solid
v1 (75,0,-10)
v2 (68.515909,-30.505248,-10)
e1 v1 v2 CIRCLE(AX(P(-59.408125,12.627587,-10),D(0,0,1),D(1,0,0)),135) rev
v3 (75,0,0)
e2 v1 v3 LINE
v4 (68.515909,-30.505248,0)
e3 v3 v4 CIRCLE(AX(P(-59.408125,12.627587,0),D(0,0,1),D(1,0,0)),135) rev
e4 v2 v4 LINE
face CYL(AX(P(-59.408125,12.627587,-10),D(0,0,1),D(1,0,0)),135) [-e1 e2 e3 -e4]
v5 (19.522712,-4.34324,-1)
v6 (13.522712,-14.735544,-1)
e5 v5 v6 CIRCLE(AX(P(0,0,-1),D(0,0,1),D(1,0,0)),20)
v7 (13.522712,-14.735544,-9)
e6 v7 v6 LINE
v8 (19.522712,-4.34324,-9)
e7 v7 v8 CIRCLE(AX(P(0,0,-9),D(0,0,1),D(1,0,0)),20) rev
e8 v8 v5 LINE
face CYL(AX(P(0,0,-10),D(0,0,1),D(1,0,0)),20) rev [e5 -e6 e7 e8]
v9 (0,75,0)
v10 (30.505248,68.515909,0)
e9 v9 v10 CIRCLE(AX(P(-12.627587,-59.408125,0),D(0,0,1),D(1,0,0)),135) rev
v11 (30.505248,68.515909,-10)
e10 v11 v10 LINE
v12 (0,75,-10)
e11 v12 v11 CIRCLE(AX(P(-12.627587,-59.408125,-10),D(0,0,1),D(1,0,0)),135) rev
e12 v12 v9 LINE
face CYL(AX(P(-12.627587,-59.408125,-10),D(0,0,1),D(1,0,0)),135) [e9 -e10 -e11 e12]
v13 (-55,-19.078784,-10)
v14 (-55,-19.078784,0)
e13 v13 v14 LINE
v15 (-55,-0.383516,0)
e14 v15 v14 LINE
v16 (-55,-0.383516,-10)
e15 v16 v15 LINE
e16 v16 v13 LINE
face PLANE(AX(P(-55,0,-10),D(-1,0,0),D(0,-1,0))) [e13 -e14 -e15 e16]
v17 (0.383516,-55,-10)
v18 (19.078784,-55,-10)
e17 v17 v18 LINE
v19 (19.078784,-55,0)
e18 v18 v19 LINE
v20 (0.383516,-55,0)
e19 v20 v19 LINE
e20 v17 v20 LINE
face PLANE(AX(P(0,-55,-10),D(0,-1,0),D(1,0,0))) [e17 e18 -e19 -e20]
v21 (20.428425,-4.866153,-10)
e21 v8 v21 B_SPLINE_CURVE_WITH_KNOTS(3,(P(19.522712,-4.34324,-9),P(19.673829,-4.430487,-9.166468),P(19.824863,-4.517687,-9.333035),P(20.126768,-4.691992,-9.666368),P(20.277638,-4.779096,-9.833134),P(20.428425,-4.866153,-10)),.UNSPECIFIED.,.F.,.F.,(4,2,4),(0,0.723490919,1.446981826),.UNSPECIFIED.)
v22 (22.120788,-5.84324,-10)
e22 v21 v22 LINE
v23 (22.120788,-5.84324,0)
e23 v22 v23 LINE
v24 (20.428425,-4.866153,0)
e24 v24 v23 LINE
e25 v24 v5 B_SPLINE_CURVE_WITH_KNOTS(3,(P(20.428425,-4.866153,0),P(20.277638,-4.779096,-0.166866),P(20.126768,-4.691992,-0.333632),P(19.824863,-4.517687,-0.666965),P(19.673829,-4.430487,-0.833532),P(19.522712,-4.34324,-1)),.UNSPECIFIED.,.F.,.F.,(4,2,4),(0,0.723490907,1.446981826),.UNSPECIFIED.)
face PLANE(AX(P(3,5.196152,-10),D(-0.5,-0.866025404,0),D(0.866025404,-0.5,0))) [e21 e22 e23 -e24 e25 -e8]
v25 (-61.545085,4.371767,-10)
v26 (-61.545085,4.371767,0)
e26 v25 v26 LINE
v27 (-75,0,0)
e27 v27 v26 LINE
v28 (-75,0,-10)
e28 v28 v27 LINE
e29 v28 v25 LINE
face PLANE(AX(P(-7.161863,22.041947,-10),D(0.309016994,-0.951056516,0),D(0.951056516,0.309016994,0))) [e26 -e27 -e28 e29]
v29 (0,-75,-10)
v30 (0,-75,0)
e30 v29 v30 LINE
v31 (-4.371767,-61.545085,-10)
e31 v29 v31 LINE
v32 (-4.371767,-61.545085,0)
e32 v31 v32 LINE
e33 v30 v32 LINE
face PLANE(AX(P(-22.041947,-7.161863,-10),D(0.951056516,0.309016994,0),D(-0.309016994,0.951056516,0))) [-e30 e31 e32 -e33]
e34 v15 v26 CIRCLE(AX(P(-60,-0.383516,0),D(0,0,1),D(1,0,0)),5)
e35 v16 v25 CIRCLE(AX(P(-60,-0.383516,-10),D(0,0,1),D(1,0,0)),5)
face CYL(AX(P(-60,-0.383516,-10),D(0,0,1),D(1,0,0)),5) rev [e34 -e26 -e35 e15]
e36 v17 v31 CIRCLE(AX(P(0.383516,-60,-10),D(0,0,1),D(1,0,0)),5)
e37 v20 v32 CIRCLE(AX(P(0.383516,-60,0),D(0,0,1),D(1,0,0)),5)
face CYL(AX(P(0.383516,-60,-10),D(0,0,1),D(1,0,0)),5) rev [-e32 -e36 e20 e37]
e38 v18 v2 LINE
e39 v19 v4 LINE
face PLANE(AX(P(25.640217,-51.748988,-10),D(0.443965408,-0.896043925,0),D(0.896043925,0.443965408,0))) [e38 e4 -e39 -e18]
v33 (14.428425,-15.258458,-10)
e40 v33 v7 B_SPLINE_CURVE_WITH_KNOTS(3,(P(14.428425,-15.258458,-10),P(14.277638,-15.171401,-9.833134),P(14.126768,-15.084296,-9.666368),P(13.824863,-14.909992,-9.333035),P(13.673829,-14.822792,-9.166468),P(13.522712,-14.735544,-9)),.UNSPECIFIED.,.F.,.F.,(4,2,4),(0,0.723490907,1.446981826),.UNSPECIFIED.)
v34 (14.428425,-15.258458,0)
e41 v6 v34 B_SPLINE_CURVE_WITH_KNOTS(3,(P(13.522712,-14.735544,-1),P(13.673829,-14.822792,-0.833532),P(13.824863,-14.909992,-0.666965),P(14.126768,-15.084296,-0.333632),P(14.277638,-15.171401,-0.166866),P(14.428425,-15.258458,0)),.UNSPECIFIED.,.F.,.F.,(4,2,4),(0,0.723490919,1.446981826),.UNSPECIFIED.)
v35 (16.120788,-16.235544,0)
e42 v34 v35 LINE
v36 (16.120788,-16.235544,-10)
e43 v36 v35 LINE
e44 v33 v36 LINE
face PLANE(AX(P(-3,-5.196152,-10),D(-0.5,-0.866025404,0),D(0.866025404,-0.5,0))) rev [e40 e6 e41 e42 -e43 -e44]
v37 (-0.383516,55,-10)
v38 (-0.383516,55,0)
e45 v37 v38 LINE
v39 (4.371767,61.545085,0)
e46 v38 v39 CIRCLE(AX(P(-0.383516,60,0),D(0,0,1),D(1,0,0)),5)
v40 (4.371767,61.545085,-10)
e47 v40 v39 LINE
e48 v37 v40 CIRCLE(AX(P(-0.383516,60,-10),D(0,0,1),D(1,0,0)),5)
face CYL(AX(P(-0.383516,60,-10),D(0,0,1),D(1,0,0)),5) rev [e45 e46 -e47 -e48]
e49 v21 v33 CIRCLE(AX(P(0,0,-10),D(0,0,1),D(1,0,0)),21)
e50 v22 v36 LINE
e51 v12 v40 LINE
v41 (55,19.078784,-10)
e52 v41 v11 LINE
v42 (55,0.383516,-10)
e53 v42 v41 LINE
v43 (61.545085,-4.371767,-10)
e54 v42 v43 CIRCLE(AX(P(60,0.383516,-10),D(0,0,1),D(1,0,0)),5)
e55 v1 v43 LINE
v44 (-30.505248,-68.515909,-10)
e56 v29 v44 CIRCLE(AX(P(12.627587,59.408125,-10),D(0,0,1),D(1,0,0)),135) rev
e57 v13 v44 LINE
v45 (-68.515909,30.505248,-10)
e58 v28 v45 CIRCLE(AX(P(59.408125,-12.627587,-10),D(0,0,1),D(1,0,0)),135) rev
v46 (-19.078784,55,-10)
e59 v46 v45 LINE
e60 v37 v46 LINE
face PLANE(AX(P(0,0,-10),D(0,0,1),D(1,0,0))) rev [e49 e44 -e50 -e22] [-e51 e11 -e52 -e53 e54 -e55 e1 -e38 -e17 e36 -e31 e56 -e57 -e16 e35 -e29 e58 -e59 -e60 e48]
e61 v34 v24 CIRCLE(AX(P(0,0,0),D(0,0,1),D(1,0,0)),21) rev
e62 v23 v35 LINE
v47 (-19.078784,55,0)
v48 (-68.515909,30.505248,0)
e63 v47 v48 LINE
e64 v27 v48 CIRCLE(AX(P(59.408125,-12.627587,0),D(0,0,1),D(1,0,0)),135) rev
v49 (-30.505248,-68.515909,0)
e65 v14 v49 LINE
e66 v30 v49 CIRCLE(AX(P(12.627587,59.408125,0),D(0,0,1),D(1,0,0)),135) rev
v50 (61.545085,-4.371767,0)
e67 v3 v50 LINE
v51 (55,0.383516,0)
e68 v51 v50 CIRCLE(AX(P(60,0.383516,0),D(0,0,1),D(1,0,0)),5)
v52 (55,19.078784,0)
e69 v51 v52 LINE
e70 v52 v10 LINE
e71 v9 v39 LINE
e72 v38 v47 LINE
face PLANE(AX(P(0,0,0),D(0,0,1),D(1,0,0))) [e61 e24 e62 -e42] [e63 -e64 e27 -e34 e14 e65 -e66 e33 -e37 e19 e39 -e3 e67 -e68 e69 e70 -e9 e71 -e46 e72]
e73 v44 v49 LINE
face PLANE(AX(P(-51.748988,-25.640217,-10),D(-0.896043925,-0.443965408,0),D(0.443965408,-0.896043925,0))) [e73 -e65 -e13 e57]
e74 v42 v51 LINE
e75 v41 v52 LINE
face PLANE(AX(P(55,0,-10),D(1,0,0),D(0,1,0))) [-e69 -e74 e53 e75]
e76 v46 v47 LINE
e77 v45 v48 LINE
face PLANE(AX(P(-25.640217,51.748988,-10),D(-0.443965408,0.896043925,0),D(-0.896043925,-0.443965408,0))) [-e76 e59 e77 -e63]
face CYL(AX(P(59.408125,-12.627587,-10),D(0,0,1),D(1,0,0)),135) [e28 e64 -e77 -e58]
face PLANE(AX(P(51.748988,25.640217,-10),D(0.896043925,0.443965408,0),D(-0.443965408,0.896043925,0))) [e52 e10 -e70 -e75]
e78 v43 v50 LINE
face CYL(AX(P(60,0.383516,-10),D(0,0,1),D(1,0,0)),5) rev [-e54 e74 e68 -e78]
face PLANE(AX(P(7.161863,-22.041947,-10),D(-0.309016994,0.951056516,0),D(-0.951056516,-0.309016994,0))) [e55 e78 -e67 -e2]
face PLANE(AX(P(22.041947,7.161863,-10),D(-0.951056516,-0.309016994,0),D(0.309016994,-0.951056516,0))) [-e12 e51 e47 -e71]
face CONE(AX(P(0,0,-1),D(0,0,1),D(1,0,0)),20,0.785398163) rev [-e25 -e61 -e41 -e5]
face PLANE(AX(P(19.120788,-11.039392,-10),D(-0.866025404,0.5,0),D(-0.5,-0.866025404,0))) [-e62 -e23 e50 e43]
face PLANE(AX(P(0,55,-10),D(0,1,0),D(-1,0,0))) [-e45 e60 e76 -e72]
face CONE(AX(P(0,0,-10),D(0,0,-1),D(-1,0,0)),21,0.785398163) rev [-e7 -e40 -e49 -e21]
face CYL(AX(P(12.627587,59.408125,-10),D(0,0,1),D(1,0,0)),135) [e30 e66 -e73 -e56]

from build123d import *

# Parameters (mm, degrees)
BOSS_EXTRUDE1_DEPTH = 10
CHAMFER1_SIZE       = 1


with BuildPart() as part:
    # Sketch1 → Boss-Extrude1 (new body)
    with BuildSketch(Plane.XY):
        with BuildLine():
            ThreePointArc((4.371766903777949, 61.5450849718747), (3.661569294176898, 57.06107373853762), (-0.38351567769782763, 55))
            Line((-0.38351567769782763, 55), (-19.078784028338333, 54.99999999999999))
            Line((-19.078784028338333, 55.0000000000002), (-68.51590932319446, 30.505248230686387))
            ThreePointArc((-68.51590932319446, 30.50524823068639), (-72.64180115025157, 15.440491486016093), (-75.00000000000001, 7.8515e-13))
            Line((-75.00000000000001, 7.8558e-13), (-61.545084971874644, 4.371766903778592))
            ThreePointArc((-61.545084971874644, 4.37176690377859), (-57.06107373853757, 3.6615692941774913), (-55, -0.38351567769725153))
            Line((-55.00000000000001, -0.38351567769725153), (-55.000000000000135, -19.078784028338532))
            Line((-55.000000000000135, -19.078784028338532), (-30.50524823068615, -68.51590932319456))
            ThreePointArc((-30.505248230686153, -68.51590932319459), (-15.440491486015834, -72.64180115025164), (-5.2403e-13, -75.00000000000003))
            Line((-5.2372e-13, -75.00000000000001), (-4.371766903778377, -61.54508497187467))
            ThreePointArc((-4.371766903778381, -61.54508497187467), (-3.661569294177295, -57.061073738537594), (0.38351567769744355, -55))
            Line((0.38351567769744355, -55.00000000000001), (19.078784028338724, -55.00000000000007))
            Line((19.078784028338724, -55.00000000000007), (68.51590932319466, -30.50524823068591))
            ThreePointArc((68.51590932319468, -30.505248230685908), (72.64180115025168, -15.440491486015581), (75.00000000000001, -2.6112e-13))
            Line((75.00000000000001, -2.6186e-13), (61.54508497187469, -4.371766903778163))
            ThreePointArc((61.54508497187469, -4.371766903778164), (57.06107373853761, -3.6615692941770925), (55, 0.3835156776976356))
            Line((55.00000000000001, 0.3835156776976356), (55, 19.078784028338916))
            Line((55, 19.078784028338916), (30.50524823068567, 68.51590932319478))
            ThreePointArc((30.50524823068567, 68.51590932319476), (15.440491486015329, 72.64180115025172), (0, 75))
            Line((0, 75.00000000000001), (4.371766903777948, 61.5450849718747))
        make_face()
        with BuildLine():
            Line((16.12078785321155, -16.235544436876165), (13.522711641858239, -14.735544436876154))
            ThreePointArc((13.52271164185824, -14.735544436876154), (-6.000000000000136, -19.078784028338873), (-19.522711641858354, -4.343239591462642))
            ThreePointArc((-19.52271164185835, -4.343239591462641), (-13.522711641858244, 14.735544436876156), (6.000000000000001, 19.078784028338916))
            ThreePointArc((5.999999999999998, 19.078784028338916), (17.320508075688796, 9.999999999999961), (19.522711641858287, -4.3432395914629165))
            Line((19.522711641858287, -4.343239591462916), (22.1207878532116, -5.843239591462927))
            Line((22.1207878532116, -5.843239591462927), (16.12078785321155, -16.235544436876165))
        make_face(mode=Mode.SUBTRACT)
    extrude(amount=-BOSS_EXTRUDE1_DEPTH)

    # Chamfer1
    chamfer1_edges = [part.edges().sort_by_distance(p)[0] for p in [
        (-19.522711641858322, -4.343239591462766, 0),
        (-19.522711641858322, -4.343239591462773, -10),
    ]]
    chamfer(chamfer1_edges, length=CHAMFER1_SIZE)


solid = part.part
